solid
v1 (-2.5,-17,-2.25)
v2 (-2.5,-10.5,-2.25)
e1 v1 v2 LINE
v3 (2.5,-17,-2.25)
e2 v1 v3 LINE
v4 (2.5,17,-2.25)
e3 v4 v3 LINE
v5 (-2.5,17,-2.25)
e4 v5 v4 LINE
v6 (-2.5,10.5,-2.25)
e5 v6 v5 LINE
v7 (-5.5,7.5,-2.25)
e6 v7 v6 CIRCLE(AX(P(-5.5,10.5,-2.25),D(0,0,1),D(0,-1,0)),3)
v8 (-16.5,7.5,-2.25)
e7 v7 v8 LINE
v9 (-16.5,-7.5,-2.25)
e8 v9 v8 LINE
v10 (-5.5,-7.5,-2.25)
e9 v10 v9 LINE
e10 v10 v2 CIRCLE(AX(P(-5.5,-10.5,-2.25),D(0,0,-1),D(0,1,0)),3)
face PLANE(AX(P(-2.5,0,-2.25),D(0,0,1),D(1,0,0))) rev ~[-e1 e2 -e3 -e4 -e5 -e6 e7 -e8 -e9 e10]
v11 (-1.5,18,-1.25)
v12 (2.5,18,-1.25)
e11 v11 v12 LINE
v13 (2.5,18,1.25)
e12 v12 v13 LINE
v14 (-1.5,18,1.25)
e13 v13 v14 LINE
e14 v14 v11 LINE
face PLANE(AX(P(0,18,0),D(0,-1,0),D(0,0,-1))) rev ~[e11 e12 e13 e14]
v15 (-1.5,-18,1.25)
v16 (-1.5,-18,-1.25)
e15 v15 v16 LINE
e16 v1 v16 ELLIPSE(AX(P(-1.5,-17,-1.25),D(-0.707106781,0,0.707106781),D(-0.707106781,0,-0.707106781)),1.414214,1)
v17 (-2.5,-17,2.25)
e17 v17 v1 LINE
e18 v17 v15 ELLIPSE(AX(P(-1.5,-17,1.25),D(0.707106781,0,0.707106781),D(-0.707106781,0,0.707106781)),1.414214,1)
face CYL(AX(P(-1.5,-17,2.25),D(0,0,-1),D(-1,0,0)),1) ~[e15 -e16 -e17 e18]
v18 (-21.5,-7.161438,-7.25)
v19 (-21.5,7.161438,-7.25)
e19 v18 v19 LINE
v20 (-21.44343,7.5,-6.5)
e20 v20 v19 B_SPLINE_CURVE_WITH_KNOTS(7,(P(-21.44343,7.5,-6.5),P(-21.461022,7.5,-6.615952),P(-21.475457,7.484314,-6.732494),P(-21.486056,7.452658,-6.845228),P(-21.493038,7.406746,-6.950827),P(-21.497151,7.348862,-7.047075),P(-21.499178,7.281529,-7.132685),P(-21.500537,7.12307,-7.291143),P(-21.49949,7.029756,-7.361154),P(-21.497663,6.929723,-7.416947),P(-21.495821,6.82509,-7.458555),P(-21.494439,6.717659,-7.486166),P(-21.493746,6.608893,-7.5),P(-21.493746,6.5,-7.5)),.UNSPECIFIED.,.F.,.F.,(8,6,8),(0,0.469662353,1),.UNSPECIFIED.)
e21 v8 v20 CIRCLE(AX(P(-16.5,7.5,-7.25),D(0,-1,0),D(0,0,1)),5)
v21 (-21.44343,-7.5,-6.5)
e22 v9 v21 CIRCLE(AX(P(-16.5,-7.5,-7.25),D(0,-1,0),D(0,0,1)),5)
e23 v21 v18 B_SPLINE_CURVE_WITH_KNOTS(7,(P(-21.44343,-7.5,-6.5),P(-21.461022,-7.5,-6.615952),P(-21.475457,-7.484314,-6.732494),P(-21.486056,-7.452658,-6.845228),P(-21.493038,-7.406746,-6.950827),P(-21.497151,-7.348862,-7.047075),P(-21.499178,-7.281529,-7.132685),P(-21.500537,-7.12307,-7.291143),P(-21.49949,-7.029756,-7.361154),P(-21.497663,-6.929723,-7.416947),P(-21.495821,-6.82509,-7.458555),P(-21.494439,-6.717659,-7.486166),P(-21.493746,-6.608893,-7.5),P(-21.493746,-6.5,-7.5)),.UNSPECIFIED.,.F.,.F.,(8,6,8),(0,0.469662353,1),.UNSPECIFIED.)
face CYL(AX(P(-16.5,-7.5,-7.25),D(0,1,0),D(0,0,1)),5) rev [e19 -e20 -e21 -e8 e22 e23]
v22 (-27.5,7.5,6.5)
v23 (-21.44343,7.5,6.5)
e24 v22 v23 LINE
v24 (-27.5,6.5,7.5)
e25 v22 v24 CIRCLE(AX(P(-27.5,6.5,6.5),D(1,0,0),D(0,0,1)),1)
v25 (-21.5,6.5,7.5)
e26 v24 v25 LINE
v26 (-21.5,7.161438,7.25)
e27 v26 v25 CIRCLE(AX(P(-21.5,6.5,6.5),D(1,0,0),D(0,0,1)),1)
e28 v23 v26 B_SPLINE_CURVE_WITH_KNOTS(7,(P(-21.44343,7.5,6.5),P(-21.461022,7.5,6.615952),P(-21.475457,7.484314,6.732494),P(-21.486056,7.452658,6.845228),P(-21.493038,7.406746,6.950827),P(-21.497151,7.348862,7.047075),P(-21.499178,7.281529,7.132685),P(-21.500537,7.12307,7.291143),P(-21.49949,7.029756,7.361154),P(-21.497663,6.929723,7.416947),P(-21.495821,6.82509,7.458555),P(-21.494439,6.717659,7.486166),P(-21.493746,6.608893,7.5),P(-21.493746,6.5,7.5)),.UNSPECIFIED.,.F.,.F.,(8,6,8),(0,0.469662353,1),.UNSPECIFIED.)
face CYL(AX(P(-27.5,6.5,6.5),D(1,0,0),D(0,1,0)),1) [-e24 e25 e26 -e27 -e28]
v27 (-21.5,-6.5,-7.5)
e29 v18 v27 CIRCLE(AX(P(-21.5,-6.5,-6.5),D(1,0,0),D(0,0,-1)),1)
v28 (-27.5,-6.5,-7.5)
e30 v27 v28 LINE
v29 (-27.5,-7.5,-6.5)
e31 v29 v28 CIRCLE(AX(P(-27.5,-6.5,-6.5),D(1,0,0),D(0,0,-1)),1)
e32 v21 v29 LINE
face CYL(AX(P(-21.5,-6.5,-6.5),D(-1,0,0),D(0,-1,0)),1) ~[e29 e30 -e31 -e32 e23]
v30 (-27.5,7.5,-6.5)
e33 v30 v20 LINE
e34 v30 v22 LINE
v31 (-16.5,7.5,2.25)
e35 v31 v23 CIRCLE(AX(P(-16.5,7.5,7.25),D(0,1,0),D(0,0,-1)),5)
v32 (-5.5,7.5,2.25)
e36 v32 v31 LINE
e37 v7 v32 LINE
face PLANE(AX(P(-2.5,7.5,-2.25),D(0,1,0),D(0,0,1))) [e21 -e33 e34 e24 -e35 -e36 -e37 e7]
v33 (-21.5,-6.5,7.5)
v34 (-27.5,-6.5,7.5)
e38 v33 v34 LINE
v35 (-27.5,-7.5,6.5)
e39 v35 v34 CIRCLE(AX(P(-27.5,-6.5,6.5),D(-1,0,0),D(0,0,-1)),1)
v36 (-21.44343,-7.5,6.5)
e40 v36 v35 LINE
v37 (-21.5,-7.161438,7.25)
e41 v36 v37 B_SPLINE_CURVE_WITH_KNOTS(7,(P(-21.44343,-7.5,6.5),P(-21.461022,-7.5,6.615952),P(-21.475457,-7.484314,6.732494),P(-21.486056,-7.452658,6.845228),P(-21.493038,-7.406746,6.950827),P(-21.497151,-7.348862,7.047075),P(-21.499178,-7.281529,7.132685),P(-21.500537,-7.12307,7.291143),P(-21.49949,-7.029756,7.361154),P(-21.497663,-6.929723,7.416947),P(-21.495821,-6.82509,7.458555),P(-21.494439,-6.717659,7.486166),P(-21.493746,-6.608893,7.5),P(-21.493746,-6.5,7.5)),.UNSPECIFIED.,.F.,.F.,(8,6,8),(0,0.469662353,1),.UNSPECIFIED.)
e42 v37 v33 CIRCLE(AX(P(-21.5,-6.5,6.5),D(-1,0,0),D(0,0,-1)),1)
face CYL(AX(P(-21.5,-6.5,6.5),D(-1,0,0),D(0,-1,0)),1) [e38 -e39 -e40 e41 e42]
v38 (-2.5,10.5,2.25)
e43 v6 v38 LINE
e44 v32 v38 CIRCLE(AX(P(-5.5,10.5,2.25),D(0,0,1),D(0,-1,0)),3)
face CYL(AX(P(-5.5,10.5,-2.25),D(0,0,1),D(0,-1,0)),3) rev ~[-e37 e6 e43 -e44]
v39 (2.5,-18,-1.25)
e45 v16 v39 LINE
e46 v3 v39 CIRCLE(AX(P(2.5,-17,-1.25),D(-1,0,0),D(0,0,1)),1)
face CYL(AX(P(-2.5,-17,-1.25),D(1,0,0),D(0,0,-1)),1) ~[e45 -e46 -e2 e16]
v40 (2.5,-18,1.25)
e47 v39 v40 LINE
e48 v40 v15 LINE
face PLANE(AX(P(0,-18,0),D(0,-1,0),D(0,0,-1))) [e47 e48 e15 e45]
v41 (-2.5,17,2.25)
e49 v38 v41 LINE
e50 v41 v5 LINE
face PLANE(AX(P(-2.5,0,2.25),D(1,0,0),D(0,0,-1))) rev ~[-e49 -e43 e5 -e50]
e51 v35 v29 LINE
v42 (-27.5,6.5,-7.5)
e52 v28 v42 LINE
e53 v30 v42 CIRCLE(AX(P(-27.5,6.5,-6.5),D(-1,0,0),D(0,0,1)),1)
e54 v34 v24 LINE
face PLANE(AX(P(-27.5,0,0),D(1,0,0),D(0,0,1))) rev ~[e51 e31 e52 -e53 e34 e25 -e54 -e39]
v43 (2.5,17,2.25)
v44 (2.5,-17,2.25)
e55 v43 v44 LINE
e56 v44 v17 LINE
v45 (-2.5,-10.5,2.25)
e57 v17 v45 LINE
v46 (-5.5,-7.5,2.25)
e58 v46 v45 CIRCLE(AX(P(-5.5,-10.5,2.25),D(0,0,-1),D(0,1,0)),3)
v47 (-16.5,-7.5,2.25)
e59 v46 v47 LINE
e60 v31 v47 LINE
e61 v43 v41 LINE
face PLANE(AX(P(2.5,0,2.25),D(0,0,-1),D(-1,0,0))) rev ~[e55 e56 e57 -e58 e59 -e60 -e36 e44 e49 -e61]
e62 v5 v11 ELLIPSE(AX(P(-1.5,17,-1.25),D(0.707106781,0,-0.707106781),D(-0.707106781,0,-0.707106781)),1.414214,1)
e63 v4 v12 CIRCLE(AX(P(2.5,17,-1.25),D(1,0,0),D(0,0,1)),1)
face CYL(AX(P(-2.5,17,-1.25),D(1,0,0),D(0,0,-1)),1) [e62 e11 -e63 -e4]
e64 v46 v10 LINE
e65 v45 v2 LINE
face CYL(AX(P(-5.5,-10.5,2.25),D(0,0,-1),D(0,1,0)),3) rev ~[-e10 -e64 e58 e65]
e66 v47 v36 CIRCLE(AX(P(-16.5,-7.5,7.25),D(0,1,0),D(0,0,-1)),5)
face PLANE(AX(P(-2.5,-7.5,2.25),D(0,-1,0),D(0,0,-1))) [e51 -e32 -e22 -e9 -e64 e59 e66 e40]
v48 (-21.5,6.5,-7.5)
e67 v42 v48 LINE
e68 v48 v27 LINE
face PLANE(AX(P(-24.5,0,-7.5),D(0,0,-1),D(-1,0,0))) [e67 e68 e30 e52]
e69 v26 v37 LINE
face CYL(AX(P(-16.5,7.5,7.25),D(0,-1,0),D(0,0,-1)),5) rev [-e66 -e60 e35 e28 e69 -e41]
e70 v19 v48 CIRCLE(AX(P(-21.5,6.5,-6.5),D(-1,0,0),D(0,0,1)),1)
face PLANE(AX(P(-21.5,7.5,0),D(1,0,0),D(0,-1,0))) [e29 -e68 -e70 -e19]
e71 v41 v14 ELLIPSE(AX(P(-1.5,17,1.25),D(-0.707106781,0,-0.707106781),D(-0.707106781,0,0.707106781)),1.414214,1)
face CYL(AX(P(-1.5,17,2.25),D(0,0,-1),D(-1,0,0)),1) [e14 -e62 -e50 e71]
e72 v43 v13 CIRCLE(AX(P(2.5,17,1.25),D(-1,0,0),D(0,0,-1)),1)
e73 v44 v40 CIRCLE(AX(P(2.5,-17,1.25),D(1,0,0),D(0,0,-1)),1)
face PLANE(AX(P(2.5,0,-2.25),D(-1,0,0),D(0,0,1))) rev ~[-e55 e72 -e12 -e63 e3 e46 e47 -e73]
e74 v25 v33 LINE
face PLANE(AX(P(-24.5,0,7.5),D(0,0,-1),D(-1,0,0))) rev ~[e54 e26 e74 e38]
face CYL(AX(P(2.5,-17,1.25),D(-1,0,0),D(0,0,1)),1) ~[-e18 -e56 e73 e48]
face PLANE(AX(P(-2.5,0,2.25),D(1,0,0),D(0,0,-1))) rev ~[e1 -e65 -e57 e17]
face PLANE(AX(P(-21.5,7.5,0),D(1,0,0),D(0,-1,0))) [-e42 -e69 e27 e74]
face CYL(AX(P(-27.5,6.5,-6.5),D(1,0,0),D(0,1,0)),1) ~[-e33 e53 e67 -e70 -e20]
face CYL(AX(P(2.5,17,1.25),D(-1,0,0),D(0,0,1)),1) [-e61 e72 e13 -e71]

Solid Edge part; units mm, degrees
sketch "Sketch1" plane through (0, 0, 0) normal (0, -1, 0) x (1, 0, 0)
  line L0 (-2.5, -2.25) -> (2.5, -2.25)
  line L1 (2.5, -2.25) -> (2.5, 2.25)
  line L2 (2.5, 2.25) -> (-2.5, 2.25)
  line L3 (-2.5, 2.25) -> (-2.5, -2.25)
  dimension "D1" = 5
  dimension "D2" = 4.5
extrude "Protrusion1" add sketch "Sketch1" along normal mid plane 36
fillet "Round_2" radius 1 3 edges at (0, 18, 2.25) (-2.5, 18, 0) (0, 18, -2.25)
mirror "Mirror1" about plane through (0, 0, 0) normal (0, -1, 0) of "Round_2"
sketch "Sketch2" plane through (-2.5, 0, 0) normal (-1, 0, 0) x (0, -1, 0)
  line L0 (7.5, -2.25) -> (-7.5, -2.25)
  line L1 (-7.5, -2.25) -> (-7.5, 2.25)
  line L2 (-7.5, 2.25) -> (7.5, 2.25)
  line L3 (7.5, 2.25) -> (7.5, -2.25)
  dimension "D1" = 15
extrude "ExtrudedProtrusion_2" add sketch "Sketch2" along normal blind 25
sketch "Sketch3" plane through (0, 0, 0) normal (0, 0, 1) x (1, 0, 0)
  line L0 (-21.5, -7.5) -> (-27.5, -7.5)
  line L1 (-27.5, -7.5) -> (-27.5, 7.5)
  line L2 (-27.5, 7.5) -> (-21.5, 7.5)
  line L3 (-21.5, 7.5) -> (-21.5, -7.5)
  dimension "D1" = 6
extrude "ExtrudedProtrusion_3" add sketch "Sketch3" along normal mid plane 15
fillet "Round_3" radius 5 2 edges at (-21.5, 0, 2.25) (-21.5, 0, -2.25)
fillet "Round_4" radius 1 4 edges at (-24.5, -7.5, 7.5) (-24.5, 7.5, 7.5) (-24.5, -7.5, -7.5) (-24.5, 7.5, -7.5)
fillet "Round_5" radius 3 2 edges at (-2.5, -7.5, 0) (-2.5, 7.5, 0)
